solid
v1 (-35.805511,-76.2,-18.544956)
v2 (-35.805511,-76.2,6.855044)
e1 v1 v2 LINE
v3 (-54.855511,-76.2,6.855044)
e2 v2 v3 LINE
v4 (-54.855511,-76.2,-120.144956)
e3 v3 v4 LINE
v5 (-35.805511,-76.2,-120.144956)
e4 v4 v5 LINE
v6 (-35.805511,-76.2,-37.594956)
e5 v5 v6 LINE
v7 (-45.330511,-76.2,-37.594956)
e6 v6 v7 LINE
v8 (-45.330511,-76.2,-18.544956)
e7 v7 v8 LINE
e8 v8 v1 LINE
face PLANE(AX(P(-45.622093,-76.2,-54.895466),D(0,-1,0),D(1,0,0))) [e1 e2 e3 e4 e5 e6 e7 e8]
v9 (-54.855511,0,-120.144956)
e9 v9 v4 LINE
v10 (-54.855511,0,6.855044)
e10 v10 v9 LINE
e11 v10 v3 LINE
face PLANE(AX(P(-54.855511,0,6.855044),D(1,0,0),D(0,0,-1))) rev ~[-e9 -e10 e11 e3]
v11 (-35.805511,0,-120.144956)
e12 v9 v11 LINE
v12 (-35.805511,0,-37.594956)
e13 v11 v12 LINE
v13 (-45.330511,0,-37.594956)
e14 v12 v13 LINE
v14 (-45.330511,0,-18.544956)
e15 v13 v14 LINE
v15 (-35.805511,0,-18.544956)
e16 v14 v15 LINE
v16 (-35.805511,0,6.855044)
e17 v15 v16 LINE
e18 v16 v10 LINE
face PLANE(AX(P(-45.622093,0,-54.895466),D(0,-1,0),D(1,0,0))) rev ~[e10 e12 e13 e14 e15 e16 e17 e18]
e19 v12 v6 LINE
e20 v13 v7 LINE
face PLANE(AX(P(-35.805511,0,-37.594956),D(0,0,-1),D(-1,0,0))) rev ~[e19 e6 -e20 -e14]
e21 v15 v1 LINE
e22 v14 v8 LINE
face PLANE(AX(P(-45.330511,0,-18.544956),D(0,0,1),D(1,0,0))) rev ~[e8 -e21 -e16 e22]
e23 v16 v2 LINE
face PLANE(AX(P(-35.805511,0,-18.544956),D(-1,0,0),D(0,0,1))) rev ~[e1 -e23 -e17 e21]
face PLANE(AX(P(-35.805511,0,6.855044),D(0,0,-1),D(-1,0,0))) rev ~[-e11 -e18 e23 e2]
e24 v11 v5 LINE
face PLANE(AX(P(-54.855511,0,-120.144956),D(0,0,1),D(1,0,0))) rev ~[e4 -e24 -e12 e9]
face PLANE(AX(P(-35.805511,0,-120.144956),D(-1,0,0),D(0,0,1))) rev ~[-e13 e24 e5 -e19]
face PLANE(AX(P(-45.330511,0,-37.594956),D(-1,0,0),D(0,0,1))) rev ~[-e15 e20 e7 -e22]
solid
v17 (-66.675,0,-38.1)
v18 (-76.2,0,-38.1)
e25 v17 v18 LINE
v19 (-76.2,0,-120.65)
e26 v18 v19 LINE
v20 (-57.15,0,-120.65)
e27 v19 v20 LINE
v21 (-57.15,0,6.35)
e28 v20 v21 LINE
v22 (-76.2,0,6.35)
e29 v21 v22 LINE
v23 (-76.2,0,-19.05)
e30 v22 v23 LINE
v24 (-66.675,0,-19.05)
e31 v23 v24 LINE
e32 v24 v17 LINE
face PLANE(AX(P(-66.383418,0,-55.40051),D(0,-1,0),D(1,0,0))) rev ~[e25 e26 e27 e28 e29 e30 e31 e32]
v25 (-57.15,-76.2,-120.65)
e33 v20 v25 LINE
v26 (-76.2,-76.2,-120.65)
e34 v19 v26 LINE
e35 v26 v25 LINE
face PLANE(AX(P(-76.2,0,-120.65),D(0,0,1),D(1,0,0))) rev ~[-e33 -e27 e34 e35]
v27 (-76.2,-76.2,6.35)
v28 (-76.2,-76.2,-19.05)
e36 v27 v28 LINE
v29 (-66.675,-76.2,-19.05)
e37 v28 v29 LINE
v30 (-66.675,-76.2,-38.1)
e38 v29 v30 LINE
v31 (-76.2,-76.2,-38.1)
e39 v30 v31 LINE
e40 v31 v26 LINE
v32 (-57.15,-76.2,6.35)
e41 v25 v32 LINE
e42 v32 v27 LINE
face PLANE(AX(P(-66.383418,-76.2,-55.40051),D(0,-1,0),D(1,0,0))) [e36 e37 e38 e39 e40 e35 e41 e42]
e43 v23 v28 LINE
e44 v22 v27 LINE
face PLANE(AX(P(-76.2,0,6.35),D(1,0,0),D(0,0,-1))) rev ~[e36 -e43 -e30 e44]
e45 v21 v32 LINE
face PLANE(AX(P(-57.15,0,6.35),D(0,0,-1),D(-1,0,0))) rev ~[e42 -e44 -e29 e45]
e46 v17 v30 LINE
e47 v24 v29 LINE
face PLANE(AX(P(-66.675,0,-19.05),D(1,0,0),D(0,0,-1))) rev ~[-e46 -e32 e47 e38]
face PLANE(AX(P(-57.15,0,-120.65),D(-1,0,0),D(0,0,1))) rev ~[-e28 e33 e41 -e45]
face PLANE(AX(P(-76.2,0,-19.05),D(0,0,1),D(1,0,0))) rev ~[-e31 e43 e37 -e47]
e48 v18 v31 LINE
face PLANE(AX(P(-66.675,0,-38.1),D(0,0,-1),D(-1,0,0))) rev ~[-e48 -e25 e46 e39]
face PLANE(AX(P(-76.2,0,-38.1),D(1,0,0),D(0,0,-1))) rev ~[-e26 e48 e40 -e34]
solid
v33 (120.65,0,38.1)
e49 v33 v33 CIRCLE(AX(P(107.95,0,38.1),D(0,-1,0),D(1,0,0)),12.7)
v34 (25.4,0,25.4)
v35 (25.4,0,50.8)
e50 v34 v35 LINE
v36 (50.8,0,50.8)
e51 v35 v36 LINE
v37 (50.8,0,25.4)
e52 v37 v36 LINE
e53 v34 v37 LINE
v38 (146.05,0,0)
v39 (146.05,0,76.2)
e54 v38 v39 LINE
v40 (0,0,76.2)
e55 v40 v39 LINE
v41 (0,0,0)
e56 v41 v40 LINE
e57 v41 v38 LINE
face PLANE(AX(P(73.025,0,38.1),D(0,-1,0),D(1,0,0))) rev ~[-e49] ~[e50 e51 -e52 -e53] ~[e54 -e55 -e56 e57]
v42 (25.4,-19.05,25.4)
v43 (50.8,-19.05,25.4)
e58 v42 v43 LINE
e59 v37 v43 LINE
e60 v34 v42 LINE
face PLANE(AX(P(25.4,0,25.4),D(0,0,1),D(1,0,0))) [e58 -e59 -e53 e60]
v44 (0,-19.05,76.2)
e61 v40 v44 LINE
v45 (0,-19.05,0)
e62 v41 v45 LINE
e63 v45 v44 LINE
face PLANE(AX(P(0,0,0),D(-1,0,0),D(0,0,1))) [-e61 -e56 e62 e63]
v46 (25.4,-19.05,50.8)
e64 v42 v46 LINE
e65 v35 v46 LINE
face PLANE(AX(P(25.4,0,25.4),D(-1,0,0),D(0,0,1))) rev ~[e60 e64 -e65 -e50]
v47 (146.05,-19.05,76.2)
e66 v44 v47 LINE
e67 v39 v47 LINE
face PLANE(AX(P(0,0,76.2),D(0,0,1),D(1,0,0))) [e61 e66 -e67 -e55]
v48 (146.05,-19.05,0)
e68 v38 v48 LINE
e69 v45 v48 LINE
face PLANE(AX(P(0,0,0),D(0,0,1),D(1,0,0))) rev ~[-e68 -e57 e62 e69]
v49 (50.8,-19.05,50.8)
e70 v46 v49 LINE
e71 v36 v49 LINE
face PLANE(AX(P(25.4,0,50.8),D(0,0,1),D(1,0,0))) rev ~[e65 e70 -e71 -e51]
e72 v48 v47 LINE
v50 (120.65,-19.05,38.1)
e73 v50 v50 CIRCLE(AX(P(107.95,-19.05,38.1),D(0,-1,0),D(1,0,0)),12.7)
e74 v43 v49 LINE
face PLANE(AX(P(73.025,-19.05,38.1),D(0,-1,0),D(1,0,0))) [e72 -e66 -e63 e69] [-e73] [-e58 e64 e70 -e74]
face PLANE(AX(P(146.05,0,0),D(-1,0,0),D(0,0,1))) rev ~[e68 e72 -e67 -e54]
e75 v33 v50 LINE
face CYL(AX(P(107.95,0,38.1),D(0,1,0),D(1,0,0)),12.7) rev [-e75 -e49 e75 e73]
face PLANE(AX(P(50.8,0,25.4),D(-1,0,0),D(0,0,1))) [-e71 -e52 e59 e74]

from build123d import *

# Parameters (mm, degrees)
F0_W     = 146.05
F0_H     = 76.2
F0_W_2   = 25.4
F0_H_2   = 25.4
F0_R     = 12.7
F1_DEPTH = 19.05
F3_DEPTH = 76.2
F5_DEPTH = 76.2


with BuildPart() as f1:
    # F0 (on Front) → F1 (new body)
    with BuildSketch(Plane.XZ):
        with Locations((73.025, 38.1)):
            Rectangle(F0_W, F0_H)
        with Locations((38.1, 38.1)):
            Rectangle(F0_W_2, F0_H_2, mode=Mode.SUBTRACT)
        with Locations((107.95, 38.1)):
            Circle(F0_R, mode=Mode.SUBTRACT)
    extrude(amount=F1_DEPTH)


with BuildPart() as f3:
    # F2 (on Front) → F3 (new body)
    with BuildSketch(Plane.XZ):
        Polygon((-76.2, 6.35), (-76.2, -19.05), (-66.675, -19.05), (-66.675, -38.1), (-76.2, -38.1), (-76.2, -120.65), (-57.15, -120.65), (-57.15, 6.35), align=None)
    extrude(amount=F3_DEPTH)


with BuildPart() as f5:
    # F4 (on Front) → F5 (new body)
    with BuildSketch(Plane.XZ):
        Polygon((-35.805511, 6.855044), (-54.855511, 6.855044), (-54.855511, -120.144956), (-35.805511, -120.144956), (-35.805511, -37.594956), (-45.330511, -37.594956), (-45.330511, -18.544956), (-35.805511, -18.544956), align=None)
    extrude(amount=F5_DEPTH)


solid = Compound([f1.part, f3.part, f5.part])
